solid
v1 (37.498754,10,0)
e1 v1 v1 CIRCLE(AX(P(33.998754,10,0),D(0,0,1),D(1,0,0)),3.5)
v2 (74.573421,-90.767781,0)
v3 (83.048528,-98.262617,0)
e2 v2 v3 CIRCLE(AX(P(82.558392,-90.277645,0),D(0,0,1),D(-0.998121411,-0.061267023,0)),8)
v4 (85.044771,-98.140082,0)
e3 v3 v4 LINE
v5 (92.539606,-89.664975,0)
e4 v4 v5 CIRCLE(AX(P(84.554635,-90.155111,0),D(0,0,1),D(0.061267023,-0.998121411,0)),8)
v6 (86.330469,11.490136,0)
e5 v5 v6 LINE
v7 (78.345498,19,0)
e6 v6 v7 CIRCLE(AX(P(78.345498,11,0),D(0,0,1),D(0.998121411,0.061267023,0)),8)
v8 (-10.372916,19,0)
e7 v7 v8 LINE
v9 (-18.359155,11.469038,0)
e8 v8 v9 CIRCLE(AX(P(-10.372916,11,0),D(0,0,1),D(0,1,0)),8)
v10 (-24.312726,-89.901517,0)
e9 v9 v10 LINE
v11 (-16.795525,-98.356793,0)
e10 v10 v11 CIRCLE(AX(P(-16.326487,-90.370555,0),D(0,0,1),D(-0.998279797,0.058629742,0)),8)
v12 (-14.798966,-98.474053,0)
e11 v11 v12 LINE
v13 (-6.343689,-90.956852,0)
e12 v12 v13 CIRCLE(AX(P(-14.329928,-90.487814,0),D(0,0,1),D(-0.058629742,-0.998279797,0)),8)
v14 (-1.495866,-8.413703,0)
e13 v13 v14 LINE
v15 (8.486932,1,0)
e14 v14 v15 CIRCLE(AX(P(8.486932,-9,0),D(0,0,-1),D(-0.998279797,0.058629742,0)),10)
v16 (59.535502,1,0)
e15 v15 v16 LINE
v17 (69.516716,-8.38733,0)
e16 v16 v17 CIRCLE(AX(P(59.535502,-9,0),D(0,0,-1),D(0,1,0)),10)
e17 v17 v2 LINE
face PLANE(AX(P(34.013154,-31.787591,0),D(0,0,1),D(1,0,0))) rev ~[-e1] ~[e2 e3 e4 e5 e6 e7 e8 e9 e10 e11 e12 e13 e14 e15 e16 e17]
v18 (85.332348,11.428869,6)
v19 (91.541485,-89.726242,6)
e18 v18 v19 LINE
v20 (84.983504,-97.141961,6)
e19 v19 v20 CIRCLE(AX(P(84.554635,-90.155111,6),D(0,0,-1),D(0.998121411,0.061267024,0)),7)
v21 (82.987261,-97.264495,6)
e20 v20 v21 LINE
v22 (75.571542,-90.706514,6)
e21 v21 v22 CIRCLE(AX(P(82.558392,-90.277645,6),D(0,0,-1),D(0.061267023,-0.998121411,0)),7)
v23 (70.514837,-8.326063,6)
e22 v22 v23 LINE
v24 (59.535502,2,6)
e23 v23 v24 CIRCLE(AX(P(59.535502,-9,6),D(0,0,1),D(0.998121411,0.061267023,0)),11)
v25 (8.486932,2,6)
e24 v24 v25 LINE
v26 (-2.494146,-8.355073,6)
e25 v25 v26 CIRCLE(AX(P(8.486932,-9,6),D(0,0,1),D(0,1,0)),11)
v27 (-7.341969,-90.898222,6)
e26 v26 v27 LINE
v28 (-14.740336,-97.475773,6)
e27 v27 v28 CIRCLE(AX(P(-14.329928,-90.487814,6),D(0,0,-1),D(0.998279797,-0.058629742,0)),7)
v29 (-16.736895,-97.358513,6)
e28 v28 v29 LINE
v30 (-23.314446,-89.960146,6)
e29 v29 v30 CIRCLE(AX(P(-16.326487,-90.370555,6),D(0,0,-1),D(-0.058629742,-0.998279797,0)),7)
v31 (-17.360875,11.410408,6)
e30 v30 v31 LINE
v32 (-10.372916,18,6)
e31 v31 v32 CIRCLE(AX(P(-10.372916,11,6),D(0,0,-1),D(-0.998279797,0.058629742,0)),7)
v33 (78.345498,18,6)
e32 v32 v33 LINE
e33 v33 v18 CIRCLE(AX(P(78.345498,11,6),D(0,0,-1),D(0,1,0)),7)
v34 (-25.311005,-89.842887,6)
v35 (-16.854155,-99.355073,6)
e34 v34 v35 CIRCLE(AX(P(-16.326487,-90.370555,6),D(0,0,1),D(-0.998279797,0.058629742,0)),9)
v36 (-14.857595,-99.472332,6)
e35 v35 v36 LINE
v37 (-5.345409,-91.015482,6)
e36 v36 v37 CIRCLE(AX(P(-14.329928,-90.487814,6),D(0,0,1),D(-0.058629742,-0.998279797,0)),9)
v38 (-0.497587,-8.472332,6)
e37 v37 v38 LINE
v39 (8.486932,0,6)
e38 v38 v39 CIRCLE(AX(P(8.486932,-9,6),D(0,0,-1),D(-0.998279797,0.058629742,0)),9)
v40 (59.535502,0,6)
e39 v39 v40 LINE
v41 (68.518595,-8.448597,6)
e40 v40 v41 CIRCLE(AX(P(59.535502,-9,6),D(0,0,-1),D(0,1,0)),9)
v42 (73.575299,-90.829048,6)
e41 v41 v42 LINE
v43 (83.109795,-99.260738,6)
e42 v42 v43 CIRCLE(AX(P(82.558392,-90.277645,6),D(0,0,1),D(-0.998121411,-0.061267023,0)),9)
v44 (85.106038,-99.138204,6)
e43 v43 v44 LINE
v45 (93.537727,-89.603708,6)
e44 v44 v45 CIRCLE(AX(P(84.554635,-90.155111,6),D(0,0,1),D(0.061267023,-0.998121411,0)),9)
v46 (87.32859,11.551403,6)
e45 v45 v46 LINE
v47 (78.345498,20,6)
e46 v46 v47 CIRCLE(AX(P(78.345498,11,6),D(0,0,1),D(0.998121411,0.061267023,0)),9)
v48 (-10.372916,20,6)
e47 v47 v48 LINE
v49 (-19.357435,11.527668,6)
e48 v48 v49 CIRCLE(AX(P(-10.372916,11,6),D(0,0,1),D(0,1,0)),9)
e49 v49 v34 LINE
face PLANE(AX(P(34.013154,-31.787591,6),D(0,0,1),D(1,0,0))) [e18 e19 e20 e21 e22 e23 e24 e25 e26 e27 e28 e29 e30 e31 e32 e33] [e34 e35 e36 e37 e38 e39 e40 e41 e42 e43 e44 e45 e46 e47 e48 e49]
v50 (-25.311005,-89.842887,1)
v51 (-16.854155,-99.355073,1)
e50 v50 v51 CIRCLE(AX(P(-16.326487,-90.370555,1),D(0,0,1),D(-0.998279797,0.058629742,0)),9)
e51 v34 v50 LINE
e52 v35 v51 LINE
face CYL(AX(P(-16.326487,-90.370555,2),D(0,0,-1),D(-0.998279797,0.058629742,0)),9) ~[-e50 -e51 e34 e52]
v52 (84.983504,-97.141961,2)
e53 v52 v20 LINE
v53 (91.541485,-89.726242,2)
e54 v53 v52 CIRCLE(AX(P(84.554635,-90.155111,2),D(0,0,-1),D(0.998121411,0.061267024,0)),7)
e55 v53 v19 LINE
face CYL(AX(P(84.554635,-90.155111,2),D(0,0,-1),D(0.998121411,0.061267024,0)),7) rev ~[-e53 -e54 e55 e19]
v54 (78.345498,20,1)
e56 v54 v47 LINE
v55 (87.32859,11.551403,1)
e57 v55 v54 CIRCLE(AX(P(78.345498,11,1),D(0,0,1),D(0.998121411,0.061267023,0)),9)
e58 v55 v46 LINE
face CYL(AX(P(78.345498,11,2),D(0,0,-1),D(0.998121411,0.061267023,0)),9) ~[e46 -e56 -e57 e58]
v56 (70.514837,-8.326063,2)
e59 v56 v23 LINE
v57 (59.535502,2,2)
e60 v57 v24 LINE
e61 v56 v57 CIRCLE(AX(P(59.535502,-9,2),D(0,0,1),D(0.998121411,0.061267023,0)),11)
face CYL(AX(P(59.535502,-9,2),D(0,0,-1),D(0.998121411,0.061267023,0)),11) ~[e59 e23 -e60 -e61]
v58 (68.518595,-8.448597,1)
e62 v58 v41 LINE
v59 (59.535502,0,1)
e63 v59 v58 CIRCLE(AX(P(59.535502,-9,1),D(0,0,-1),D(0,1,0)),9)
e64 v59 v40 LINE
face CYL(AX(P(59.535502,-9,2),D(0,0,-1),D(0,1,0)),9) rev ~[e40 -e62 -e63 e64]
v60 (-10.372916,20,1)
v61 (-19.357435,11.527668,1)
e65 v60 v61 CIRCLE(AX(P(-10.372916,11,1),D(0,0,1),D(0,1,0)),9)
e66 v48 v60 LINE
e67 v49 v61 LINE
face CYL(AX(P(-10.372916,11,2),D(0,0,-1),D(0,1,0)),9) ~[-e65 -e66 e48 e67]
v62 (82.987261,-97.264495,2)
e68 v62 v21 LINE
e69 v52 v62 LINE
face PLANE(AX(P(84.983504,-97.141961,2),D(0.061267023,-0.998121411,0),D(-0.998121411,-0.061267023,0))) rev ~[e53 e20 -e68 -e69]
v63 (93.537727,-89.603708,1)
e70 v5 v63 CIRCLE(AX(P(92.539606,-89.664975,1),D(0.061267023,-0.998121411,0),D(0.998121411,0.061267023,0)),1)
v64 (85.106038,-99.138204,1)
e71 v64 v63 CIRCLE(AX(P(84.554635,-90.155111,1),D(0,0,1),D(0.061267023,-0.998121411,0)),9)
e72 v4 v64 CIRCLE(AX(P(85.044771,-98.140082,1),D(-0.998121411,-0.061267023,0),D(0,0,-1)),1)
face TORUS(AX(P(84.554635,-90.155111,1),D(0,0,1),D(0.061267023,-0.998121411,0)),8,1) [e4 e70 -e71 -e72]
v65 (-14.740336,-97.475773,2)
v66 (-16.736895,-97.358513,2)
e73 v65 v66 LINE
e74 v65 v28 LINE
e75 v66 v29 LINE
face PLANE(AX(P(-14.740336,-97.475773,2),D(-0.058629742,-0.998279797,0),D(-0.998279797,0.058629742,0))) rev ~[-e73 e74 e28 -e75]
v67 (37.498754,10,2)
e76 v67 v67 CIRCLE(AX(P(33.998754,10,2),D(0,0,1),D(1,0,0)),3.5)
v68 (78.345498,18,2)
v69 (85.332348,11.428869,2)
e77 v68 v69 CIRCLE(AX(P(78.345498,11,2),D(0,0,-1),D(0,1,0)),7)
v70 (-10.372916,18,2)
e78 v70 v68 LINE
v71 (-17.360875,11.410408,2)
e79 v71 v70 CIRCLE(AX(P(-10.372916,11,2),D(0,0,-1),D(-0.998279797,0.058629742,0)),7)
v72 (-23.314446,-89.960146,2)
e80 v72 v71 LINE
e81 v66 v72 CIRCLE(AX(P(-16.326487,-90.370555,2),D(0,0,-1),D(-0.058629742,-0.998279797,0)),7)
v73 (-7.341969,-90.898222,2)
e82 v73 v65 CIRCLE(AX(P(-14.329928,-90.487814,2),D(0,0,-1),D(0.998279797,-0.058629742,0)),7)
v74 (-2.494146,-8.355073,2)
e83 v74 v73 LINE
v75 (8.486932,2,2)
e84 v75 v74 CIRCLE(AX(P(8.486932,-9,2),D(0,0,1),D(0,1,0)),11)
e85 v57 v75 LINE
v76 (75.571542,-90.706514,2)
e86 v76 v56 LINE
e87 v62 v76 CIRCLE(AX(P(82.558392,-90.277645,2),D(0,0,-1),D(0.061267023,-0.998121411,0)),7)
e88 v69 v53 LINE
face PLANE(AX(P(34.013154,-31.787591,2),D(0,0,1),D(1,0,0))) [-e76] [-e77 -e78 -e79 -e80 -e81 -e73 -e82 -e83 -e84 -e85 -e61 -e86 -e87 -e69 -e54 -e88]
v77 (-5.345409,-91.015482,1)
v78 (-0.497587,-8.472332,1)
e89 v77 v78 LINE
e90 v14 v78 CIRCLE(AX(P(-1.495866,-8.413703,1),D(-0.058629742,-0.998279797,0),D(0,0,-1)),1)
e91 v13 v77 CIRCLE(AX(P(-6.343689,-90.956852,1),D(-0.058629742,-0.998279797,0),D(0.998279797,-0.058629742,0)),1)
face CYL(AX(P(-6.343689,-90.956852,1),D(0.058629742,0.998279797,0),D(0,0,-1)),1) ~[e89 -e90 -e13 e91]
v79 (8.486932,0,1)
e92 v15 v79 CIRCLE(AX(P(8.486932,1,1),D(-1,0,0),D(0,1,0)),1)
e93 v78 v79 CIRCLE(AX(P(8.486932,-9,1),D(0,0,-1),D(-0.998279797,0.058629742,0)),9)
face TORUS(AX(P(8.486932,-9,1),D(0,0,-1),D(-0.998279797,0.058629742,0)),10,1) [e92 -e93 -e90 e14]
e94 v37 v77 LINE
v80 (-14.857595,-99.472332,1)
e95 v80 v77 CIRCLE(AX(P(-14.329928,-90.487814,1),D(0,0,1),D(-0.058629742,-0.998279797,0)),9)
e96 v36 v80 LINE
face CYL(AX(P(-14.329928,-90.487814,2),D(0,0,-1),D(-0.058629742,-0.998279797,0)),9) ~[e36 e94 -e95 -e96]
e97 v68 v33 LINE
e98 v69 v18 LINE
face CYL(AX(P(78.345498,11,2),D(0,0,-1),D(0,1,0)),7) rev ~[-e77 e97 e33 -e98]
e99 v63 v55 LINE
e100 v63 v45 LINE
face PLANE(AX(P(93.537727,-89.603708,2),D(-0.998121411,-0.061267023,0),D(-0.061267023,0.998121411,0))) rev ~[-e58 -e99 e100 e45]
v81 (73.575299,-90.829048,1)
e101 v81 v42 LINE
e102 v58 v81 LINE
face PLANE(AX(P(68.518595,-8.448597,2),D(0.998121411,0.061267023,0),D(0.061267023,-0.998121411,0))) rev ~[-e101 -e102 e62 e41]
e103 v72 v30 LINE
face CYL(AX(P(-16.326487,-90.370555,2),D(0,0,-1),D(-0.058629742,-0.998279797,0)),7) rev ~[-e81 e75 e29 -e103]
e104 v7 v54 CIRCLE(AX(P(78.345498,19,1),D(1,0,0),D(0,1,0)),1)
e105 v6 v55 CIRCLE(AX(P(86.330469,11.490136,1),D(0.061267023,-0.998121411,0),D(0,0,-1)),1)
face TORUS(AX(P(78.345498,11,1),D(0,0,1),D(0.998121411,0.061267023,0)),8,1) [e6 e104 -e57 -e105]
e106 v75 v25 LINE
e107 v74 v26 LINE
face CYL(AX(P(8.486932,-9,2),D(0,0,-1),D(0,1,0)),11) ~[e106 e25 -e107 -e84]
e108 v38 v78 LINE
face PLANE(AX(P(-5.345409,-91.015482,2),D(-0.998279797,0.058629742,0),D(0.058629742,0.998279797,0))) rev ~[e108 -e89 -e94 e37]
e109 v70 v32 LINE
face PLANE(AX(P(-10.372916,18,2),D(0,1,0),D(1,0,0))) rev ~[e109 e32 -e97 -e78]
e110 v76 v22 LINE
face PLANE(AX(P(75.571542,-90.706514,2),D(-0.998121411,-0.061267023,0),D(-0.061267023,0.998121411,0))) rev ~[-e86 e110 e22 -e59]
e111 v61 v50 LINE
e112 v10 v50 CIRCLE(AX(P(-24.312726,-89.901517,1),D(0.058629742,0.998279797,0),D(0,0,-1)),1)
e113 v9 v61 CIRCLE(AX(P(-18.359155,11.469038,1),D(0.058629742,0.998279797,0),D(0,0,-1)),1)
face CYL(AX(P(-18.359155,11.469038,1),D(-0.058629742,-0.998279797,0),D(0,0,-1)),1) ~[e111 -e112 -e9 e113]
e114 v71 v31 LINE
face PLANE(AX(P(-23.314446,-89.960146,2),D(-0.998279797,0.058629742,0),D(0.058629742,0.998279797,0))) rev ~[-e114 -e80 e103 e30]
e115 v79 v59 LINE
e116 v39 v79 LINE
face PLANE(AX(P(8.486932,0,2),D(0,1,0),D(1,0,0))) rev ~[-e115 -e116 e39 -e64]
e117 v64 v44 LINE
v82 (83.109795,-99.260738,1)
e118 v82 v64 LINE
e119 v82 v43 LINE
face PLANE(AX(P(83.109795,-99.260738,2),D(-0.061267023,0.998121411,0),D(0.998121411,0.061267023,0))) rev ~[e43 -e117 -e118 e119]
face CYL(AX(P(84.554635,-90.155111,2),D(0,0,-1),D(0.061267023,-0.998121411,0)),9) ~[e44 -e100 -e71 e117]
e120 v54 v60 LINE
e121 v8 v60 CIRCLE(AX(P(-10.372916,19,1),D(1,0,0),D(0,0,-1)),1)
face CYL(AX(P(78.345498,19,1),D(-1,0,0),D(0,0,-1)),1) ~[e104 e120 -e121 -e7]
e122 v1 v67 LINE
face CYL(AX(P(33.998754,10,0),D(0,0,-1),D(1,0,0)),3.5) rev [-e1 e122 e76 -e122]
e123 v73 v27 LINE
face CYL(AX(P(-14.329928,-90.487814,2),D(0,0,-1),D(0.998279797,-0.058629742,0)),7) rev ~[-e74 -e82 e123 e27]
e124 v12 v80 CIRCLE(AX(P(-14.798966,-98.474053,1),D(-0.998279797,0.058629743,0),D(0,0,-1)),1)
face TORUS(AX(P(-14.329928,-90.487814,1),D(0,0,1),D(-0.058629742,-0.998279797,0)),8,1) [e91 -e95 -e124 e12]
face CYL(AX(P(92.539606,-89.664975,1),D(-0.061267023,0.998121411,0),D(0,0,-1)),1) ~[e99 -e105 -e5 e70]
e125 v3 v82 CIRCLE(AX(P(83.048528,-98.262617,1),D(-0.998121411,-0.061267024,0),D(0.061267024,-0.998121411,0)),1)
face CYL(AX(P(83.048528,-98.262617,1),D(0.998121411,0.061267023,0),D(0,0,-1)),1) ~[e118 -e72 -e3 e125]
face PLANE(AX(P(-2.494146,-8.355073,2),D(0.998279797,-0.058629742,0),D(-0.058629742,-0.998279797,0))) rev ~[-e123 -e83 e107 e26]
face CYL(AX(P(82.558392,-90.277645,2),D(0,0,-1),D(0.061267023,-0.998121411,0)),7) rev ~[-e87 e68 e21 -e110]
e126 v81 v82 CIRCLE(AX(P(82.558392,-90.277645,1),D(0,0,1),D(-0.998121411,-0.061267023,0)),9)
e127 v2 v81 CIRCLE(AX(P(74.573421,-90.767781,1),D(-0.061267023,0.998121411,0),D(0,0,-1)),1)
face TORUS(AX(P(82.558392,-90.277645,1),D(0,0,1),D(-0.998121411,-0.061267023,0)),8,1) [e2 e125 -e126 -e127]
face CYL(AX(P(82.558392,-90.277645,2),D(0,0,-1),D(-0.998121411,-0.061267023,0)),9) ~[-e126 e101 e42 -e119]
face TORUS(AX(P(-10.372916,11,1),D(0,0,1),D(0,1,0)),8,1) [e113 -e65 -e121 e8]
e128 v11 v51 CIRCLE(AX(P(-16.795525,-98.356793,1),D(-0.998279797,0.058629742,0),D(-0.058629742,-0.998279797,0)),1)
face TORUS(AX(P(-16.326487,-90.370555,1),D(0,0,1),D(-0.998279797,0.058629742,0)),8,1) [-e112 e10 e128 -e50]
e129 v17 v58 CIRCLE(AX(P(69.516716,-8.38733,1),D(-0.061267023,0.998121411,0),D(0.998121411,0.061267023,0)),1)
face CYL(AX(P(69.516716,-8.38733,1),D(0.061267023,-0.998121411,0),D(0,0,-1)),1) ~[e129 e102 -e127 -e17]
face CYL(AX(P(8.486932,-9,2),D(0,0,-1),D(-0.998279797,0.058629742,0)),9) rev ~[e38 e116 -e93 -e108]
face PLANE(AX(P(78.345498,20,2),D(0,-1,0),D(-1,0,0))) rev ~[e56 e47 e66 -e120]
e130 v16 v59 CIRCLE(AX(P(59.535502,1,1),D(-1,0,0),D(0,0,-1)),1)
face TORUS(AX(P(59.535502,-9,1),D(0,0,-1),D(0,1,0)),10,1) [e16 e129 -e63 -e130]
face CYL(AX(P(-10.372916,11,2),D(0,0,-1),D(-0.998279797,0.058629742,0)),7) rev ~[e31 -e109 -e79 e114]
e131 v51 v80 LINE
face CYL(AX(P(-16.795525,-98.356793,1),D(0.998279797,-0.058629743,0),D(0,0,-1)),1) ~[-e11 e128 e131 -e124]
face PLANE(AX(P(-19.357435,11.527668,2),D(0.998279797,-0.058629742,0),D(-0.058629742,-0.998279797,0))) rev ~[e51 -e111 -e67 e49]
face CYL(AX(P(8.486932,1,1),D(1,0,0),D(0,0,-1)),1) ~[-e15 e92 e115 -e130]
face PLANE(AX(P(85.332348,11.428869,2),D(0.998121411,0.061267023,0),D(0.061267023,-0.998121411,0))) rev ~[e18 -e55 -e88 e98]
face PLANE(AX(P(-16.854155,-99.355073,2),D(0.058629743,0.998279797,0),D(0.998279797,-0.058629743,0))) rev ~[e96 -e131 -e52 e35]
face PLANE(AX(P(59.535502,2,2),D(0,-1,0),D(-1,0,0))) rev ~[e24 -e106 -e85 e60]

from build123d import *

# Parameters (mm, degrees)
ESQUISSE1_R        = 3.5
BOSS_EXTRU_1_DEPTH = 2
BOSS_EXTRU_2_START = 2
BOSS_EXTRU_2_DEPTH = 4
CONG_1_R           = 1


with BuildPart() as part:
    # Esquisse1 → Boss.-Extru.1 (new body)
    with BuildSketch(Plane.XY):
        with BuildLine():
            Line((8.486931566, 0), (59.535501901, 0))
            ThreePointArc((59.535501901, 0), (65.701431316, -2.44398639), (68.518594603, -8.448596789))
            Line((68.518594603, -8.448596789), (73.575299132, -90.829048435))
            ThreePointArc((73.575299132, -90.829048435), (76.596287018, -97.01955194), (83.109795045, -99.260737926))
            Line((83.109795045, -99.260737926), (85.106037868, -99.13820388))
            ThreePointArc((85.106037868, -99.13820388), (91.296541372, -96.117215994), (93.537727359, -89.603707966))
            Line((93.537727359, -89.603707966), (87.328590379, 11.551403211))
            ThreePointArc((87.328590379, 11.551403211), (84.511427092, 17.55601361), (78.345497677, 20))
            Line((78.345497677, 20), (-10.372916358, 20))
            ThreePointArc((-10.372916358, 20), (-16.547500996, 17.547862594), (-19.357434532, 11.527667678))
            Line((-19.357434532, 11.527667678), (-25.311005353, -89.842886985))
            ThreePointArc((-25.311005353, -89.842886985), (-23.052618299, -96.350450996), (-16.854154857, -99.355072837))
            Line((-16.854154857, -99.355072837), (-14.857595263, -99.472332322))
            ThreePointArc((-14.857595263, -99.472332322), (-8.350031252, -97.213945268), (-5.34540941, -91.015481826))
            Line((-5.34540941, -91.015481826), (-0.497586608, -8.472332322))
            ThreePointArc((-0.497586608, -8.472332322), (2.312346928, -2.452137406), (8.486931566, 0))
        make_face()
        with Locations((33.998753696, 10)):
            Circle(ESQUISSE1_R, mode=Mode.SUBTRACT)
    extrude(amount=BOSS_EXTRU_1_DEPTH)

    # Esquisse1<4> → Boss.-Extru.2 (add)
    with BuildSketch(Plane.XY.offset(BOSS_EXTRU_2_START)):
        with BuildLine():
            Line((8.486931566, 0), (59.535501901, 0))
            ThreePointArc((59.535501901, 0), (65.701431316, -2.44398639), (68.518594603, -8.448596789))
            Line((68.518594603, -8.448596789), (73.575299132, -90.829048435))
            ThreePointArc((73.575299132, -90.829048435), (76.596287018, -97.01955194), (83.109795045, -99.260737926))
            Line((83.109795045, -99.260737926), (85.106037868, -99.13820388))
            ThreePointArc((85.106037868, -99.13820388), (91.296541372, -96.117215994), (93.537727359, -89.603707966))
            Line((93.537727359, -89.603707966), (87.328590379, 11.551403211))
            ThreePointArc((87.328590379, 11.551403211), (84.511427092, 17.55601361), (78.345497677, 20))
            Line((78.345497677, 20), (-10.372916358, 20))
            ThreePointArc((-10.372916358, 20), (-16.547500996, 17.547862594), (-19.357434532, 11.527667678))
            Line((-19.357434532, 11.527667678), (-25.311005353, -89.842886985))
            ThreePointArc((-25.311005353, -89.842886985), (-23.052618299, -96.350450996), (-16.854154857, -99.355072837))
            Line((-16.854154857, -99.355072837), (-14.857595263, -99.472332322))
            ThreePointArc((-14.857595263, -99.472332322), (-8.350031252, -97.213945268), (-5.34540941, -91.015481826))
            Line((-5.34540941, -91.015481826), (-0.497586608, -8.472332322))
            ThreePointArc((-0.497586608, -8.472332322), (2.312346928, -2.452137406), (8.486931566, 0))
        make_face()
        with BuildLine():
            Line((-10.372916358, 18), (78.345497677, 18))
            ThreePointArc((78.345497677, 18), (83.141220555, 16.099121696), (85.332347556, 11.428869164))
            Line((85.332347556, 11.428869164), (91.541484536, -89.726242013))
            ThreePointArc((91.541484536, -89.726242013), (89.79833988, -94.792303812), (84.983503821, -97.141961057))
            Line((84.983503821, -97.141961057), (82.987260998, -97.264495104))
            ThreePointArc((82.987260998, -97.264495104), (77.921199199, -95.521350447), (75.571541954, -90.706514388))
            Line((75.571541954, -90.706514388), (70.514837426, -8.326062742))
            ThreePointArc((70.514837426, -8.326062742), (67.071637853, -0.987094477), (59.535501901, 2))
            Line((59.535501901, 2), (8.486931566, 2))
            ThreePointArc((8.486931566, 2), (0.940217009, -0.997056829), (-2.494146203, -8.355072837))
            Line((-2.494146203, -8.355072837), (-7.341969005, -90.898222342))
            ThreePointArc((-7.341969005, -90.898222342), (-9.678897103, -95.719249463), (-14.740335779, -97.475772727))
            Line((-14.740335779, -97.475772727), (-16.736895373, -97.358513243))
            ThreePointArc((-16.736895373, -97.358513243), (-21.557922495, -95.021585145), (-23.314445759, -89.960146469))
            Line((-23.314445759, -89.960146469), (-17.360874938, 11.410408194))
            ThreePointArc((-17.360874938, 11.410408194), (-15.175371076, 16.092782018), (-10.372916358, 18))
        make_face(mode=Mode.SUBTRACT)
    extrude(amount=BOSS_EXTRU_2_DEPTH)

    # Congé1
    cong_1_edges = [part.edges().sort_by_distance(p)[0] for p in [
        (-22.334219943, -39.157609653, 0),
        (-23.052618299, -96.350450996, 0),
        (-15.85587506, -99.41370258, 0),
        (-8.350031252, -97.213945268, 0),
        (-2.921498009, -49.743907074, 0),
        (2.312346928, -2.452137406, 0),
        (34.011216733, 0, 0),
        (65.701431316, -2.44398639, 0),
        (71.046946867, -49.638822612, 0),
        (76.596287018, -97.01955194, 0),
        (84.107916456, -99.199470903, 0),
        (91.296541372, -96.117215994, 0),
        (90.433158869, -39.026152378, 0),
        (84.511427092, 17.55601361, 0),
        (33.986290659, 20, 0),
        (-16.547500996, 17.547862594, 0),
    ]]
    fillet(cong_1_edges, radius=CONG_1_R)


solid = part.part
